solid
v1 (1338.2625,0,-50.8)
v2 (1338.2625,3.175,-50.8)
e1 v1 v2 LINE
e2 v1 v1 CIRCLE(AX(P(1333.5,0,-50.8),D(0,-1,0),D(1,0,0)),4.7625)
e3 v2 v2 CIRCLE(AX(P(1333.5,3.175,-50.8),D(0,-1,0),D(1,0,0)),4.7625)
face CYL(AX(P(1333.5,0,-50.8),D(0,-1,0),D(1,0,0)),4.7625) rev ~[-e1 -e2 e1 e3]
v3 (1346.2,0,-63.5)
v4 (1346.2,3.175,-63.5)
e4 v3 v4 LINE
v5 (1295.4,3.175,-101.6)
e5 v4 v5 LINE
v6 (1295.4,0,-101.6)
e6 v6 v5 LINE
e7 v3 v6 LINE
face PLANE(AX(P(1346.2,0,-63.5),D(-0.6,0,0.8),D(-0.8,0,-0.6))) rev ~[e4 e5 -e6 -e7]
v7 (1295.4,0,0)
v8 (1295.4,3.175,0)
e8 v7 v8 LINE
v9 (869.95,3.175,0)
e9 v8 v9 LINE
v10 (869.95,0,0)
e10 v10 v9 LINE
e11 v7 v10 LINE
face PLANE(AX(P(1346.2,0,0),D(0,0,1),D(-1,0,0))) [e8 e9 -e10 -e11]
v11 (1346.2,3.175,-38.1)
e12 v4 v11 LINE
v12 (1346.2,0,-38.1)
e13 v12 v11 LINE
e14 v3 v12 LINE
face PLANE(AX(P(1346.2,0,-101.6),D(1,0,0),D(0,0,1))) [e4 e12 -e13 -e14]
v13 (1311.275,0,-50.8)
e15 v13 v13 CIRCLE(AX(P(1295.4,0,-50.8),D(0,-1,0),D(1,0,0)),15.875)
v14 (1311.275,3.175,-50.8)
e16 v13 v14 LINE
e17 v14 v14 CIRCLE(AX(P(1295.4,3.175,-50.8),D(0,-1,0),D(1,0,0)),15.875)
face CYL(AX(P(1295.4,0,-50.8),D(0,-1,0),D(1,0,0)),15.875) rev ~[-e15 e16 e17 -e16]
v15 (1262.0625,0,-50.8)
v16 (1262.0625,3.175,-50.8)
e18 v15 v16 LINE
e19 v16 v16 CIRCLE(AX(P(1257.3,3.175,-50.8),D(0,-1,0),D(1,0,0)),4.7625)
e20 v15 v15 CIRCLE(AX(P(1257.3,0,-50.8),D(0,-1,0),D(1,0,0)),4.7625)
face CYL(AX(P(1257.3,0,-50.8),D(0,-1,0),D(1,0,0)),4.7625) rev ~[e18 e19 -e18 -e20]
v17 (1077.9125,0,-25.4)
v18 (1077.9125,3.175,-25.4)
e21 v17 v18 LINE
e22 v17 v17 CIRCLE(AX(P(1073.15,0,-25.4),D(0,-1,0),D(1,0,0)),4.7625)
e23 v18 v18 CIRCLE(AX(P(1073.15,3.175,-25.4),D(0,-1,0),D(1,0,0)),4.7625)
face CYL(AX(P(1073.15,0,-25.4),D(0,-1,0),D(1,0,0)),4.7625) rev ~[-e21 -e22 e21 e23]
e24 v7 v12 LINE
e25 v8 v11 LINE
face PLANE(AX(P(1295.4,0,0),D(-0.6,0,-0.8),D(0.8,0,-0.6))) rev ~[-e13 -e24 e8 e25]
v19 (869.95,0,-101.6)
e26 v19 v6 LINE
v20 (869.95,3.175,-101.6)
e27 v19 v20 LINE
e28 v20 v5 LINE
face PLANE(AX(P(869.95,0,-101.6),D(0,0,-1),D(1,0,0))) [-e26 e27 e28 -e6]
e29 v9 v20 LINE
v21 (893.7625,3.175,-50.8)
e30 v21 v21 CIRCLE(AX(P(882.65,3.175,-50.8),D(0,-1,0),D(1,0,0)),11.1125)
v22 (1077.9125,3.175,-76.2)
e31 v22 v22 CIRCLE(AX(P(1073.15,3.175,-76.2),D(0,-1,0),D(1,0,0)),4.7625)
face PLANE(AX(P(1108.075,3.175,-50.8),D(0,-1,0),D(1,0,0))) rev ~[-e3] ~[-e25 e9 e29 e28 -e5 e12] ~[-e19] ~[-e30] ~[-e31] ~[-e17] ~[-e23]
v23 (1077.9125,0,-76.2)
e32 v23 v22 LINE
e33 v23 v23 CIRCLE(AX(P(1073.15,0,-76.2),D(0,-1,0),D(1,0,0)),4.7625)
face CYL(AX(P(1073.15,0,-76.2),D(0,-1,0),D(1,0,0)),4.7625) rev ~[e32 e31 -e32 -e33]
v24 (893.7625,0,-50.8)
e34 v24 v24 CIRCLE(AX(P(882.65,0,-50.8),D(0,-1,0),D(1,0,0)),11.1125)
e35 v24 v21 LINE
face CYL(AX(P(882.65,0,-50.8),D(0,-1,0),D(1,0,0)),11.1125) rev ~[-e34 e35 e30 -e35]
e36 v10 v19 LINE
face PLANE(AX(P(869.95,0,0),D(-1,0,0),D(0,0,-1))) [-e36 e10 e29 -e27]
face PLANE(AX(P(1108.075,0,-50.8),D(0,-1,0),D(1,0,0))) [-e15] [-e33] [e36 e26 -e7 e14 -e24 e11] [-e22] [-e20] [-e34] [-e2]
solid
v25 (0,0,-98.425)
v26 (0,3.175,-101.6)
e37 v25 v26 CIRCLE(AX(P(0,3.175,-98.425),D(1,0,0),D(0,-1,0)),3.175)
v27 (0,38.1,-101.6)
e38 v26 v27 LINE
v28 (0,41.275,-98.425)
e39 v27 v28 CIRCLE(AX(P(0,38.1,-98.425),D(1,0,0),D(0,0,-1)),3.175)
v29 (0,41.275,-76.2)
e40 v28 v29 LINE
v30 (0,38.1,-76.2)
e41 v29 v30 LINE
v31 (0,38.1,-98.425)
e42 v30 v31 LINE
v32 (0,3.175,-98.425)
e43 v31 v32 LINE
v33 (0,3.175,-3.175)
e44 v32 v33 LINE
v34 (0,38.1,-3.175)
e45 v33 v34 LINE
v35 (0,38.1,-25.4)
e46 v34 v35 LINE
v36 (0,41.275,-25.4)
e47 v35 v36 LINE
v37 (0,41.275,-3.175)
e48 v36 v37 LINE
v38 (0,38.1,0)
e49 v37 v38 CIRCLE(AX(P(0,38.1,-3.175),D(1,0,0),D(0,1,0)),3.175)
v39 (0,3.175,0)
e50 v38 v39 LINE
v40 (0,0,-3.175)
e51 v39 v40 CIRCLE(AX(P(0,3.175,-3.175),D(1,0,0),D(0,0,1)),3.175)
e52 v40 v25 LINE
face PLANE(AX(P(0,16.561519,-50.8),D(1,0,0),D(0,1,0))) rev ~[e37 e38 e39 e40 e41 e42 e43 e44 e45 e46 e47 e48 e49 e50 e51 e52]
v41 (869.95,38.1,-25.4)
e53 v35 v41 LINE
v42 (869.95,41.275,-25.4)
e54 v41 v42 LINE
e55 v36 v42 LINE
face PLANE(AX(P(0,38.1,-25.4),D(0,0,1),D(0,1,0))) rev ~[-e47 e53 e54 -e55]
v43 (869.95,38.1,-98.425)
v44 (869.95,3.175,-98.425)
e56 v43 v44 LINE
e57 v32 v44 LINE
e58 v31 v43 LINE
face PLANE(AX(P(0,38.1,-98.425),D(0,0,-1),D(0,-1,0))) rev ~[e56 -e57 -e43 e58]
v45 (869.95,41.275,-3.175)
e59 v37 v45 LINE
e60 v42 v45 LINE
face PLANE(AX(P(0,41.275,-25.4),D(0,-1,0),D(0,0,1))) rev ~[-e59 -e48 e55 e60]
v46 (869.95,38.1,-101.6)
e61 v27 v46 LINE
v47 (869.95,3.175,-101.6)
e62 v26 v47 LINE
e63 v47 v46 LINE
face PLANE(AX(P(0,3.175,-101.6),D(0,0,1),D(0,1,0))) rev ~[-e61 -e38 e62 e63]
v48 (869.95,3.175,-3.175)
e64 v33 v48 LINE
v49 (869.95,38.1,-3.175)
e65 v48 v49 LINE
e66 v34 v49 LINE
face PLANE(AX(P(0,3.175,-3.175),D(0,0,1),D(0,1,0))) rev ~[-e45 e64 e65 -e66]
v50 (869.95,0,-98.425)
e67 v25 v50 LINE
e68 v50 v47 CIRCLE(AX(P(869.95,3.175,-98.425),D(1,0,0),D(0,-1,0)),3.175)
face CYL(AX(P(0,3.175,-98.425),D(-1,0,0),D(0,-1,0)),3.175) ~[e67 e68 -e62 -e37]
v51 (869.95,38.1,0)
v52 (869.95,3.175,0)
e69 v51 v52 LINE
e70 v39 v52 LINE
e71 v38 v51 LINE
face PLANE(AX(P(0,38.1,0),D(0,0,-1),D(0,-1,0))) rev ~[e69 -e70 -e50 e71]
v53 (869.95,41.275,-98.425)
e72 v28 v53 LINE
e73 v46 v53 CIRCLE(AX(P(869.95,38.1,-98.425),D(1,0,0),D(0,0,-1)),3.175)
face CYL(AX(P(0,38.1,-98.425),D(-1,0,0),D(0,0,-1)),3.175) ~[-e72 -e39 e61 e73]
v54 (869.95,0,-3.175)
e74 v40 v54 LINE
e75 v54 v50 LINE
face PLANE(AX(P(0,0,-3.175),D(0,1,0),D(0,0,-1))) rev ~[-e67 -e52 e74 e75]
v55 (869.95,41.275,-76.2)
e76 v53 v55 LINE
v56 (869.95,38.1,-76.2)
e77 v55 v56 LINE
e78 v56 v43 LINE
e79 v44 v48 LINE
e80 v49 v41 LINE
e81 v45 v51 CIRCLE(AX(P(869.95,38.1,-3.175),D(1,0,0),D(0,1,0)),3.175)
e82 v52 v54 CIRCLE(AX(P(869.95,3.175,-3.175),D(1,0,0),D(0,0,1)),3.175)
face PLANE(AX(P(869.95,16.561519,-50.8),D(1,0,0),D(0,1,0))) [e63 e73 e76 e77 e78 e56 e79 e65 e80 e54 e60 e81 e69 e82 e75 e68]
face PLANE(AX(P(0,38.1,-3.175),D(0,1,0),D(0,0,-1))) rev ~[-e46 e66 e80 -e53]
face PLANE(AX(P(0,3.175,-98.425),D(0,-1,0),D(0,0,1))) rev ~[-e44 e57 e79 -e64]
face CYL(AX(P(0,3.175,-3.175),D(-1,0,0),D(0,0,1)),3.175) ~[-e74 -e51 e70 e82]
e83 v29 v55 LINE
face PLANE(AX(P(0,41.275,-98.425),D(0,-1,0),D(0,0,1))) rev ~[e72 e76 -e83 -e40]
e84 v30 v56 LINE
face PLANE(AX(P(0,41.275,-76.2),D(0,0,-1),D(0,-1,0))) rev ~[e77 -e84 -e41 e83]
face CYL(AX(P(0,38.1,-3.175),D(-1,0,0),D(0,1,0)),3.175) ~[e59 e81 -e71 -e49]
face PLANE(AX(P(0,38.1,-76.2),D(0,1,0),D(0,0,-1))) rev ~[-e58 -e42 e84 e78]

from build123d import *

# Parameters (mm, degrees)
F1_DEPTH = 869.95
F2_R     = 4.7625
F2_R_2   = 11.1125
F2_R_3   = 15.875
F3_DEPTH = 3.175
F5_DEPTH = 3.175


with BuildPart() as f1:
    # F0 (on Right) → F1 (new body)
    with BuildSketch(Plane.YZ):
        with BuildLine():
            Line((38.1, 0), (3.175, 0))
            ThreePointArc((3.175, 0), (0.9299359697, -0.9299359697), (0, -3.175))
            Line((0, -3.175), (0, -98.425))
            ThreePointArc((0, -98.425), (0.9299359697, -100.6700640303), (3.175, -101.6))
            Line((3.175, -101.6), (38.1, -101.6))
            ThreePointArc((38.1, -101.6), (40.3450640303, -100.6700640303), (41.275, -98.425))
            Line((41.275, -98.425), (41.275, -76.2))
            Line((41.275, -76.2), (38.1, -76.2))
            Line((38.1, -76.2), (38.1, -98.425))
            Line((38.1, -98.425), (3.175, -98.425))
            Line((3.175, -98.425), (3.175, -3.175))
            Line((3.175, -3.175), (38.1, -3.175))
            Line((38.1, -3.175), (38.1, -25.4))
            Line((38.1, -25.4), (41.275, -25.4))
            Line((41.275, -25.4), (41.275, -3.175))
            ThreePointArc((41.275, -3.175), (40.3450640303, -0.9299359697), (38.1, 0))
        make_face()
    extrude(amount=F1_DEPTH)


with BuildPart() as f3:
    # F2 (on face) → F3 (new body)
    with BuildSketch(Plane.XZ):
        Polygon((1346.2, 0), (869.95, 0), (869.95, -3.175), (869.95, -98.425), (869.95, -101.6), (1346.2, -101.6), align=None)
        with Locations((1073.15, -76.2)):
            Circle(F2_R, mode=Mode.SUBTRACT)
        with Locations((882.65, -50.8)):
            Circle(F2_R_2, mode=Mode.SUBTRACT)
        with Locations((1257.3, -50.8)):
            Circle(F2_R, mode=Mode.SUBTRACT)
        with Locations((1295.4, -50.8)):
            Circle(F2_R_3, mode=Mode.SUBTRACT)
        with Locations((1333.5, -50.8)):
            Circle(F2_R, mode=Mode.SUBTRACT)
        with Locations((1073.15, -25.4)):
            Circle(F2_R, mode=Mode.SUBTRACT)
    extrude(amount=-F3_DEPTH)

    # F4 (on face) → F5 (cut, through all)
    with BuildSketch(Plane.XZ):
        Polygon((1295.4, 0), (1346.2, -38.1), (1346.2, 0), align=None)
        Polygon((1346.2, -101.6), (1346.2, -63.5), (1295.4, -101.6), align=None)
    extrude(amount=-F5_DEPTH, mode=Mode.SUBTRACT)


solid = Compound([f1.part, f3.part])
